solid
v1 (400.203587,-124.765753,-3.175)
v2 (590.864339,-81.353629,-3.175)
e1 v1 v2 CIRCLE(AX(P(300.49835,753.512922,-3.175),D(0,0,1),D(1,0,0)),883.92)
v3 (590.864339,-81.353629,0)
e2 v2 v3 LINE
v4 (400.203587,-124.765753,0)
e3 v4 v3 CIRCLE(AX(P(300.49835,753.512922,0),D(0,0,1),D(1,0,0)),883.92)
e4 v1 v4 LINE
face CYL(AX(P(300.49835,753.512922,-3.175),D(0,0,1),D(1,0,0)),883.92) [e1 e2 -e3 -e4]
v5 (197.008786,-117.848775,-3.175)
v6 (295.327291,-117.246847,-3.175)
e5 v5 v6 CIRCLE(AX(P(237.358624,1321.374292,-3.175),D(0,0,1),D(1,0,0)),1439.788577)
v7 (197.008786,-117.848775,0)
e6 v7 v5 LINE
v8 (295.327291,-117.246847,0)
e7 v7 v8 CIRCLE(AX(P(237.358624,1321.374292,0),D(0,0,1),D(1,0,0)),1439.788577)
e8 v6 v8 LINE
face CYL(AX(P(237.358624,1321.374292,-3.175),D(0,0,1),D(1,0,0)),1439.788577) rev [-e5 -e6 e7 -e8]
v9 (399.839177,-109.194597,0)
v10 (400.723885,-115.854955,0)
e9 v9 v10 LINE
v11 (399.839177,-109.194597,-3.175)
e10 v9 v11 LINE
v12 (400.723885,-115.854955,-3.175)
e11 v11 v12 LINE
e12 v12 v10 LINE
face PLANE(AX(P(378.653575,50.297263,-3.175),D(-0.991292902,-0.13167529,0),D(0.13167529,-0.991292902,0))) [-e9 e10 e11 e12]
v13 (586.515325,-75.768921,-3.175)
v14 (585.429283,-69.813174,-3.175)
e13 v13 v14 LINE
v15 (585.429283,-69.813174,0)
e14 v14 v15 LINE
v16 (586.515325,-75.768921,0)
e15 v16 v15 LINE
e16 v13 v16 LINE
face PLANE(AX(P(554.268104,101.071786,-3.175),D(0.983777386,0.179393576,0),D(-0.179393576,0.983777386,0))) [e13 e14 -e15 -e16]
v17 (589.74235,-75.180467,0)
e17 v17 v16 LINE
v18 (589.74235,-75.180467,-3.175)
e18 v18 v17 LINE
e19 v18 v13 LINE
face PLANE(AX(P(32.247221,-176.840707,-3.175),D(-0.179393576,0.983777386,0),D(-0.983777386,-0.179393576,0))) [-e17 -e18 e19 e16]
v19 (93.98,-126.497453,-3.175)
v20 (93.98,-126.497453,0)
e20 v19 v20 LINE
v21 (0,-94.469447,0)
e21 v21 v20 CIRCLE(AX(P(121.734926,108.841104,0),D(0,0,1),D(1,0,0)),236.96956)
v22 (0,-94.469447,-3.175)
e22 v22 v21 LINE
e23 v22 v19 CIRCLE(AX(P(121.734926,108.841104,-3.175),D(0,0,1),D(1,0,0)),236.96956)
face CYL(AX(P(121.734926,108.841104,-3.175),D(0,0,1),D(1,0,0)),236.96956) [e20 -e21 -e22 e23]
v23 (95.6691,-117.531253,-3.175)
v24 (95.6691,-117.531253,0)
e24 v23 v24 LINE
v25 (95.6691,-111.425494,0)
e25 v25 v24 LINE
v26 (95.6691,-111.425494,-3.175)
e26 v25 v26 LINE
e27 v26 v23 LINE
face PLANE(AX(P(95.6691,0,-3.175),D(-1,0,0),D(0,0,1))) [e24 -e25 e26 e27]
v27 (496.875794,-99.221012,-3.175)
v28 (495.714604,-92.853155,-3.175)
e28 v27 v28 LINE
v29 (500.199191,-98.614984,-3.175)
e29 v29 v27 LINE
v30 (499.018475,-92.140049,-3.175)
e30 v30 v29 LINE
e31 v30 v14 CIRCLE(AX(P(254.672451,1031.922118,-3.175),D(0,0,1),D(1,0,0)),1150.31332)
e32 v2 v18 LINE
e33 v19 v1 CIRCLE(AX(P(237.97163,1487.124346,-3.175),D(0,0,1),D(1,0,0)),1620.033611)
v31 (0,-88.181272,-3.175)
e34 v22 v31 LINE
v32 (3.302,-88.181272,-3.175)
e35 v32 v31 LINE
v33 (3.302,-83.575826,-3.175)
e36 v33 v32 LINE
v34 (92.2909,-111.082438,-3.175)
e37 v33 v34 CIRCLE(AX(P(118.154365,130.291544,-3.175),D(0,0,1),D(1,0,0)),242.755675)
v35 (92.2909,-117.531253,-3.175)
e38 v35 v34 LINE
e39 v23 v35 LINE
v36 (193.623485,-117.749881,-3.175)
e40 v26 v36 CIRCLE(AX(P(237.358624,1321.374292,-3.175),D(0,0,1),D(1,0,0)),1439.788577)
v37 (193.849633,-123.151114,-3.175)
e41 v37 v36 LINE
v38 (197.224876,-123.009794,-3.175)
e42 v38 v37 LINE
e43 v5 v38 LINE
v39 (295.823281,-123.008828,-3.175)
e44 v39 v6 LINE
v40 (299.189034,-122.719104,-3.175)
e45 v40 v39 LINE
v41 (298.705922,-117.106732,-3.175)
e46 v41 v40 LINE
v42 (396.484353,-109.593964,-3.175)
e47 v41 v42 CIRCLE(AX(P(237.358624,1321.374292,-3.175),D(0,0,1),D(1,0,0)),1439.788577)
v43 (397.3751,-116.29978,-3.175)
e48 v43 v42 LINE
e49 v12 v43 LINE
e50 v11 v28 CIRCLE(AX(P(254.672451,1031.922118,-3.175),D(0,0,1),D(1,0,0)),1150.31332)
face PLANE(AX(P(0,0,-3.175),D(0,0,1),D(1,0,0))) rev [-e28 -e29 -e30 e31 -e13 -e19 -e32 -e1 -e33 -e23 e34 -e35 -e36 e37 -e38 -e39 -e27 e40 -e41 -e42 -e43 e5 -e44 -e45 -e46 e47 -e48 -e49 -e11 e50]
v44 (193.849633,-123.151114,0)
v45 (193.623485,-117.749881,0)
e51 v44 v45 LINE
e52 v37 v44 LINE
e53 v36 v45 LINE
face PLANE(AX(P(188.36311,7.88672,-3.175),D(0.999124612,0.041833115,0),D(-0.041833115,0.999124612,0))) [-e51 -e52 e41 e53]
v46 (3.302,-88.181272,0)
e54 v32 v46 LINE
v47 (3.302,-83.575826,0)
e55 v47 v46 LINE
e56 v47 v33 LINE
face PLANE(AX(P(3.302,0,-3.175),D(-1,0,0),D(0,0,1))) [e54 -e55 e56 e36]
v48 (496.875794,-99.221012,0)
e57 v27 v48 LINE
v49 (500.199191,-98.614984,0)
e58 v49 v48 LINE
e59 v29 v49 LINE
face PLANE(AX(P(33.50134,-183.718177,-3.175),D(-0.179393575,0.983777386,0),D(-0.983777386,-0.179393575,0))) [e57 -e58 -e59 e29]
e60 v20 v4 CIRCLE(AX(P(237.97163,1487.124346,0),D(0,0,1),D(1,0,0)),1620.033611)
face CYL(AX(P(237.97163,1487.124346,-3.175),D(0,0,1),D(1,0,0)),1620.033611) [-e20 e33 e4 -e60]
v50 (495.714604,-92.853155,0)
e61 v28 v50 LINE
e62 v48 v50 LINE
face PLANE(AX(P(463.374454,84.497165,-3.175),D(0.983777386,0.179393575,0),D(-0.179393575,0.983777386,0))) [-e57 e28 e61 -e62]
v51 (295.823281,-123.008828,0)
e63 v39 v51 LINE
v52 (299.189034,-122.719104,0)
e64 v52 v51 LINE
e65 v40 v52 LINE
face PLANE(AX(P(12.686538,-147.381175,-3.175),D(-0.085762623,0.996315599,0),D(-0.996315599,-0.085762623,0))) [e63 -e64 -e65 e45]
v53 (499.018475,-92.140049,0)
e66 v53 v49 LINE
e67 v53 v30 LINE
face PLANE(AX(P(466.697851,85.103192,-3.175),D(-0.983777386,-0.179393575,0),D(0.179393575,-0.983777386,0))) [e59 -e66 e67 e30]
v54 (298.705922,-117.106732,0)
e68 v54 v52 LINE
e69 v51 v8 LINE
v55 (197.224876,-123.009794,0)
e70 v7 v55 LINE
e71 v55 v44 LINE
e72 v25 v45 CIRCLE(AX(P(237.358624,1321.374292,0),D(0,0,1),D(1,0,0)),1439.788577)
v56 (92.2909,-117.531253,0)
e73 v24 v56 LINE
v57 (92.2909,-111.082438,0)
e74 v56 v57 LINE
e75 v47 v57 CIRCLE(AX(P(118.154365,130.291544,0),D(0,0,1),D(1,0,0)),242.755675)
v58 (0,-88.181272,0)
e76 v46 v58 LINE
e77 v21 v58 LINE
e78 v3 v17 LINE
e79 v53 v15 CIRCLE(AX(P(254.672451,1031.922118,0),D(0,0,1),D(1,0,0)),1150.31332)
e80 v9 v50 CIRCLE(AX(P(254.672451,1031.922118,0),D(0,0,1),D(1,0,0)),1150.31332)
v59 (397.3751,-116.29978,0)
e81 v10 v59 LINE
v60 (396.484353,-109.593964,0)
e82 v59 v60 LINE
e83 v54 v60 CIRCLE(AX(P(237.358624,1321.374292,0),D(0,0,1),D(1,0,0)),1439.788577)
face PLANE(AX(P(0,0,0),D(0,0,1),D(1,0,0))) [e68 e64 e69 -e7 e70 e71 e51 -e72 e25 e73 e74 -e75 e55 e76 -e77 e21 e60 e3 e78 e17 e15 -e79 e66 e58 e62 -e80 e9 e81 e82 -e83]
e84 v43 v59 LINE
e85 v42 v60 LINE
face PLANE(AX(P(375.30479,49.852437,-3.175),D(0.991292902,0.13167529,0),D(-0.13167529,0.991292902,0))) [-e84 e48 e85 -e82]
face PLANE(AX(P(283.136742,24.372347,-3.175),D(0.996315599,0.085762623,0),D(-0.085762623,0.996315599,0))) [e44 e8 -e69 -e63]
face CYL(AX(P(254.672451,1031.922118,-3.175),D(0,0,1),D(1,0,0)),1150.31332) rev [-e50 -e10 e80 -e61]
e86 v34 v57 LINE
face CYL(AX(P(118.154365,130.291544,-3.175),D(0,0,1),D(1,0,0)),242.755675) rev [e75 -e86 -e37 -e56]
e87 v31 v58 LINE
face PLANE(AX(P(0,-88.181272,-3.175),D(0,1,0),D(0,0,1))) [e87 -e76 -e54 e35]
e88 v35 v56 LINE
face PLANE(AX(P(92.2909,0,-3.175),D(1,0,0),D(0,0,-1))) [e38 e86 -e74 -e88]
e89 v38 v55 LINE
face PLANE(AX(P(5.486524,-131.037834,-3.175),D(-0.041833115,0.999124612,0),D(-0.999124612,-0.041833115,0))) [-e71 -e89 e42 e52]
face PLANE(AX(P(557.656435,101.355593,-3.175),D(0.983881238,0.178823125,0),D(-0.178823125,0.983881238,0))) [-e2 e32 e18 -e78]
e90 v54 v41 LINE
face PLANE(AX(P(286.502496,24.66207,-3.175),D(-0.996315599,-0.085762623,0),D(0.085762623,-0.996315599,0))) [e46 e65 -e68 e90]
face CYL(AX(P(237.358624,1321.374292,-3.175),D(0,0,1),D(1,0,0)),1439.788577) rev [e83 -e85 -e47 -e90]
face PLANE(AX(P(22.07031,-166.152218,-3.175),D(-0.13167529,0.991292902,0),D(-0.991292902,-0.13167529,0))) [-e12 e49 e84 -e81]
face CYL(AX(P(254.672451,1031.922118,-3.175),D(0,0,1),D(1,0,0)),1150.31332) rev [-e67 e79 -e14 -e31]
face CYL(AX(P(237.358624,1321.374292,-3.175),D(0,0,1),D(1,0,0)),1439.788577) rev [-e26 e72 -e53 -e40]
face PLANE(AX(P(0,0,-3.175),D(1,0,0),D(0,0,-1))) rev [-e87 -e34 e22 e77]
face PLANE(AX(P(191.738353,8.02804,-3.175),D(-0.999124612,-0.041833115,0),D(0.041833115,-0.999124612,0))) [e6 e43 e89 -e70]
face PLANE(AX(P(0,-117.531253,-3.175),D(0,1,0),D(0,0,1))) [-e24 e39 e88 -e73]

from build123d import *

# Parameters (mm, degrees)
BOSS_EXTRUDE1_DEPTH = 3.175
SKETCH3_W           = 3.3782
SKETCH3_H           = 9.116578424
CUT_EXTRUDE2_DEPTH  = 4.175


with BuildPart() as part:
    # Sketch2 → Boss-Extrude1 (new body)
    with BuildSketch(Plane.XY):
        with BuildLine():
            Line((0, -94.469447024), (0, -81.769447024))
            ThreePointArc((0, -81.769447024), (45.478698707, -101.330055673), (93.98, -111.257453101))
            ThreePointArc((93.98, -111.257453101), (246.131127604, -118.387559898), (398.184073829, -109.403930433))
            ThreePointArc((398.184073829, -109.403930433), (494.24795915, -93.166461028), (588.593285498, -68.858337449))
            Line((588.593285498, -68.858337449), (590.864339182, -81.353629169))
            ThreePointArc((590.864339182, -81.353629169), (496.73811025, -108.348158667), (400.203586987, -124.765753327))
            ThreePointArc((400.203586987, -124.765753327), (247.132802315, -132.883361709), (93.98, -126.497453101))
            ThreePointArc((93.98, -126.497453101), (45.293757409, -115.460746442), (0, -94.469447024))
        make_face()
    extrude(amount=-BOSS_EXTRUDE1_DEPTH)

    # Sketch3 → Cut-Extrude2 (cut, through all)
    with BuildSketch(Plane.XY):
        Polygon((0, -81.823651503), (0, -88.181271503), (3.302, -88.181271503), (3.302, -81.823651503), (3.302, -80.849253243), (0, -80.849253243), align=None)
        with Locations((93.98, -112.972963904)):
            Rectangle(SKETCH3_W, SKETCH3_H)
        Polygon((193.849633474, -123.151114373), (197.224876239, -123.009793743), (196.926348208, -115.879875231), (193.551105443, -116.021195861), align=None)
        Polygon((397.375099539, -116.299780406), (400.723885221, -115.854954941), (399.211318768, -104.467880056), (395.862533086, -104.912705522), align=None)
        Polygon((295.823280702, -123.008827736), (299.189034058, -122.719104443), (298.52739573, -115.032765525), (295.161642374, -115.322488818), align=None)
        Polygon((586.515324681, -75.768921214), (589.838721446, -75.162893837), (588.533193274, -68.003500927), (585.209796509, -68.609528304), align=None)
        Polygon((496.875793957, -99.221011682), (500.199190722, -98.614984306), (498.73195058, -90.568778264), (495.408553815, -91.174805641), align=None)
    extrude(amount=-CUT_EXTRUDE2_DEPTH, mode=Mode.SUBTRACT)


solid = part.part
